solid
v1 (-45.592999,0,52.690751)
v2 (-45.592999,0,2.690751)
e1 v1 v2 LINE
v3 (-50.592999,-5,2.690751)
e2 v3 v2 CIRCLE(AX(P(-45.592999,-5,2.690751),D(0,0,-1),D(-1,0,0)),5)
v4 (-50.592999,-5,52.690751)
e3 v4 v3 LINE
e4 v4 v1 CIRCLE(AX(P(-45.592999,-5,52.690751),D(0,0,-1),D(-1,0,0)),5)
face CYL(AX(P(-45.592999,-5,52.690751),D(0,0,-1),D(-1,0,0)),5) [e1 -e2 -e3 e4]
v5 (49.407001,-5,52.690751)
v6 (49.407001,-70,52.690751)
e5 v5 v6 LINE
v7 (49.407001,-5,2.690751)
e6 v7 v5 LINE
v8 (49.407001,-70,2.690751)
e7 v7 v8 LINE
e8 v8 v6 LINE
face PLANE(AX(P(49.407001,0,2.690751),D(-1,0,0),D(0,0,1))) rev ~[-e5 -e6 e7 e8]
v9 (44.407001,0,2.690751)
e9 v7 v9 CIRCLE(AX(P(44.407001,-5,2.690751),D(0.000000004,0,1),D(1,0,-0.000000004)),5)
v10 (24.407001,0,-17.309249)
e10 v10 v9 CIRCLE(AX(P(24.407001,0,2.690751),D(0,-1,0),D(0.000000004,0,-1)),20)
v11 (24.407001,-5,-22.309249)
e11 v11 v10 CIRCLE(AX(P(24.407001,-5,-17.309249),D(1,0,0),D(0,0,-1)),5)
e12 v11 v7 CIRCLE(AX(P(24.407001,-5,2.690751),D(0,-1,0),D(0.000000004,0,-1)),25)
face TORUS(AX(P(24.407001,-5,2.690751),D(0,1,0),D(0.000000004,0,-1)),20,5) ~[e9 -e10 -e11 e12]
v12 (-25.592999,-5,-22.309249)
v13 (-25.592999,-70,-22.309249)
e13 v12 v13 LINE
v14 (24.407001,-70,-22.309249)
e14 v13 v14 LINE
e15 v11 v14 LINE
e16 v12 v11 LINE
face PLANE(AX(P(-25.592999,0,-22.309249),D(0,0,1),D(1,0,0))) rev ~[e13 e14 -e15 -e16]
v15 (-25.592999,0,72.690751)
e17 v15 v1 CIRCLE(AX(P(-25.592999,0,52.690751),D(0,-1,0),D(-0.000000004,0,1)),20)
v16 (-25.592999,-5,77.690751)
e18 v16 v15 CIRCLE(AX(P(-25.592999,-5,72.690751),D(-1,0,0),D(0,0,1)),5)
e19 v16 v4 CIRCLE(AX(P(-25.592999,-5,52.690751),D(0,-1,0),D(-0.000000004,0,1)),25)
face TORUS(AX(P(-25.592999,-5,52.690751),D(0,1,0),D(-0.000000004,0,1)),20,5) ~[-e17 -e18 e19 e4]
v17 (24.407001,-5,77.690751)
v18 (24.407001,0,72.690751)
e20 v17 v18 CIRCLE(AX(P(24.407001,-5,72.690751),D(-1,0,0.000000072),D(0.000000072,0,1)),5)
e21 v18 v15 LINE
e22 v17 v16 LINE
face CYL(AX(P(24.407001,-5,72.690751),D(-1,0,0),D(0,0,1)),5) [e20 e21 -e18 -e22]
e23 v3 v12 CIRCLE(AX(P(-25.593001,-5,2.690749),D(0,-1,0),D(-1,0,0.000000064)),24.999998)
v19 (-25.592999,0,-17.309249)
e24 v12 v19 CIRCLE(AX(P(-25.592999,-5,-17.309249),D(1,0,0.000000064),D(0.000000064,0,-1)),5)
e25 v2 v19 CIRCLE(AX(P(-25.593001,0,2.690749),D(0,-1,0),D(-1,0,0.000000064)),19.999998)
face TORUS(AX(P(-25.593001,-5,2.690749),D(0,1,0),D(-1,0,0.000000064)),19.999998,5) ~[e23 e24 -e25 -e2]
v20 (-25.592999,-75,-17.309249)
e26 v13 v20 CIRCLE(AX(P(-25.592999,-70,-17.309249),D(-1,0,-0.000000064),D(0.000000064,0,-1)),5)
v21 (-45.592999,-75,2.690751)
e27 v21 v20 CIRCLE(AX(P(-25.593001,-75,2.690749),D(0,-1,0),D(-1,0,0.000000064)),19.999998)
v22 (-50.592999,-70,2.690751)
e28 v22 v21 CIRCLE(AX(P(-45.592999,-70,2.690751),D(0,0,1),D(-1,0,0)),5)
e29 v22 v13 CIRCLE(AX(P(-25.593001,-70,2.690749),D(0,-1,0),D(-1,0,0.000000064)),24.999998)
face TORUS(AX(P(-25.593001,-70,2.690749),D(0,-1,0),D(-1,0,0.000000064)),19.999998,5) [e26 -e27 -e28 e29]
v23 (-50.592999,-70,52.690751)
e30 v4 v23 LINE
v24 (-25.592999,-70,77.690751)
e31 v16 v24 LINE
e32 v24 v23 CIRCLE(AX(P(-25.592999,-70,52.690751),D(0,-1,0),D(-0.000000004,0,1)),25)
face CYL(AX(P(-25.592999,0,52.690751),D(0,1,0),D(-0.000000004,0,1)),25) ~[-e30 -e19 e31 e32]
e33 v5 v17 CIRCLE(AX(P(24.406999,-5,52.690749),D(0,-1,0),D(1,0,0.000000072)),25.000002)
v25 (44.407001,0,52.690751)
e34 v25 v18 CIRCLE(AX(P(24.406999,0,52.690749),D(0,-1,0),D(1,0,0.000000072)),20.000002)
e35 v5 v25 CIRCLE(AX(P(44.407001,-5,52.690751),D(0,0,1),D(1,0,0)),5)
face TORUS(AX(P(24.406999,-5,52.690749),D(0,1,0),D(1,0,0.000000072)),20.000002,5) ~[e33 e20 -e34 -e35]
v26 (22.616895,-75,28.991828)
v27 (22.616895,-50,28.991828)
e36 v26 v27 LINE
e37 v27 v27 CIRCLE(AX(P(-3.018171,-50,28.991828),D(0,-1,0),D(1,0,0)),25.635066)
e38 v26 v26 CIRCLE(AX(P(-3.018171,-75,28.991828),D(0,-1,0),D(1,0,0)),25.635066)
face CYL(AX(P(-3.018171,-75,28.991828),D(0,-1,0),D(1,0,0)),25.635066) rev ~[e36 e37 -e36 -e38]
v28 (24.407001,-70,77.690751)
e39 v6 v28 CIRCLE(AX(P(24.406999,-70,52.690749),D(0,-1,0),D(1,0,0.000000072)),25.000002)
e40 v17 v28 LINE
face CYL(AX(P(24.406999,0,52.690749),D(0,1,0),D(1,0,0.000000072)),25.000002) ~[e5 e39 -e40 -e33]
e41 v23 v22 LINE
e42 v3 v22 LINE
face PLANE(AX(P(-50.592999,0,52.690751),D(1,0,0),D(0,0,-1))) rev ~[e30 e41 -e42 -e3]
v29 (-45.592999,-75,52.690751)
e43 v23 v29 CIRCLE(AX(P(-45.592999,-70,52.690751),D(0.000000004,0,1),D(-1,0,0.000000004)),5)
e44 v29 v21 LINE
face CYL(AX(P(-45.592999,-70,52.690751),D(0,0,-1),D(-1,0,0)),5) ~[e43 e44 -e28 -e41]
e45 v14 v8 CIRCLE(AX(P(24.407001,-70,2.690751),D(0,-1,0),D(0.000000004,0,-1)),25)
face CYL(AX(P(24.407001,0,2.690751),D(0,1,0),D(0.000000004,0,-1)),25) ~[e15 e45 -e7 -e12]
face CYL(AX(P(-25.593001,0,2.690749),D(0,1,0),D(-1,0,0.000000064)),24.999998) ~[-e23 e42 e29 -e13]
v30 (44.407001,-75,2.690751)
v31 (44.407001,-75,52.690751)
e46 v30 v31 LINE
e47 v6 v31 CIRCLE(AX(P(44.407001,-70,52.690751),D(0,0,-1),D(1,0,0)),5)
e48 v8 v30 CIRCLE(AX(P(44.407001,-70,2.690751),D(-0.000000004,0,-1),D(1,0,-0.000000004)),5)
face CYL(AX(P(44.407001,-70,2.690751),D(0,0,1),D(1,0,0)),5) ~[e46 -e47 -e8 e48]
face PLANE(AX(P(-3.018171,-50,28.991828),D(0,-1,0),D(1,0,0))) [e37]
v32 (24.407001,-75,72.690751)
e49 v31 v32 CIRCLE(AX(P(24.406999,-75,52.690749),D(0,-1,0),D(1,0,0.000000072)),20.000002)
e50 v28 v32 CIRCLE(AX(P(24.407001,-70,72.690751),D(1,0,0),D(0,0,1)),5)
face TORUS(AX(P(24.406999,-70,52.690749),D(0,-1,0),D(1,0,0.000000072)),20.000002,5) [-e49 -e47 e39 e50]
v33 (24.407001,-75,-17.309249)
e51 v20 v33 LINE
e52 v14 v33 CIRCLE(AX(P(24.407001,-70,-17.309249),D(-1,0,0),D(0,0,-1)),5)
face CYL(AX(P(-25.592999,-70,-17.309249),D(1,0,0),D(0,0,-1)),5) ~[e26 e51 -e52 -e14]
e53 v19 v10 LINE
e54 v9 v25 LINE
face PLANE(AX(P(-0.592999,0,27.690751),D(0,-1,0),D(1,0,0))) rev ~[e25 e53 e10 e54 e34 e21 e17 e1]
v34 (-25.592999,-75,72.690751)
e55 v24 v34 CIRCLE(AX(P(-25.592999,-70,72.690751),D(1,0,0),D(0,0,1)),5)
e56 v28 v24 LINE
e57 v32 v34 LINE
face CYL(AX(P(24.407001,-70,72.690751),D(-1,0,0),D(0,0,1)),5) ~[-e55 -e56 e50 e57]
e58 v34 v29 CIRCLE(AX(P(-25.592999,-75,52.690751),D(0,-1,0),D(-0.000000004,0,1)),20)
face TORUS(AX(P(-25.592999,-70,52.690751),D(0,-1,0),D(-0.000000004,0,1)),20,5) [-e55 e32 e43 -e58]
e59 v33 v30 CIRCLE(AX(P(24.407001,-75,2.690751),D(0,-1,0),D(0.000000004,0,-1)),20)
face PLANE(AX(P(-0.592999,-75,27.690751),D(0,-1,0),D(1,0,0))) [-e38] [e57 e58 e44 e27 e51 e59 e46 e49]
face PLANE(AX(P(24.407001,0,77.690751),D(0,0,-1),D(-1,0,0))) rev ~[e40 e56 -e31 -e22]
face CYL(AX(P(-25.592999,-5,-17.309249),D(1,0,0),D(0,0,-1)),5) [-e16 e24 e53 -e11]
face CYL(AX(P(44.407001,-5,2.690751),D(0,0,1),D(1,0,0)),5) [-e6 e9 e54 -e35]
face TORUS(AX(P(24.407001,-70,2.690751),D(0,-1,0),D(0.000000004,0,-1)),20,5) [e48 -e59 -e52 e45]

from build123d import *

# Parameters (mm, degrees)
F1_DEPTH = 75
F2_R     = 5
F3_R     = 25.635066
F4_DEPTH = 25


with BuildPart() as f1:
    # F0 (on Front) → F1 (new body)
    with BuildSketch(Plane.XZ):
        with BuildLine():
            Line((24.407001, 77.690751), (-25.592999, 77.690751))
            ThreePointArc((-25.592999, 77.690751), (-43.270669, 70.36842), (-50.592999, 52.690751))
            Line((-50.592999, 52.690751), (-50.592999, 2.690751))
            ThreePointArc((-50.592999, 2.690751), (-43.270669, -14.986919), (-25.592999, -22.309249))
            Line((-25.592999, -22.309249), (24.407001, -22.309249))
            ThreePointArc((24.407001, -22.309249), (42.08467, -14.986919), (49.407001, 2.690751))
            Line((49.407001, 2.690751), (49.407001, 52.690751))
            ThreePointArc((49.407001, 52.690751), (42.08467, 70.36842), (24.407001, 77.690751))
        make_face()
    extrude(amount=F1_DEPTH)

    # F2
    f2_edges = [f1.edges().sort_by_distance(p)[0] for p in [
        (24.407001, -37.5, 77.690751),
        (-0.592999, -75, 77.690751),
        (42.08467, -75, 70.36842),
        (-50.592999, -37.5, 2.690751),
        (-50.592999, 0, 27.690751),
        (-43.270669, 0, -14.986919),
        (42.08467, 0, 70.36842),
        (49.407001, 0, 27.690751),
        (-0.592999, 0, 77.690751),
        (-43.270669, 0, 70.36842),
        (-0.592999, 0, -22.309249),
        (42.08467, 0, -14.986919),
    ]]
    fillet(f2_edges, radius=F2_R)

    # F3 (on face) → F4 (cut)
    with BuildSketch(Plane.XZ.offset(75)):
        with Locations((-3.018171, 28.991828)):
            Circle(F3_R)
    extrude(amount=-F4_DEPTH, mode=Mode.SUBTRACT)


solid = f1.part
